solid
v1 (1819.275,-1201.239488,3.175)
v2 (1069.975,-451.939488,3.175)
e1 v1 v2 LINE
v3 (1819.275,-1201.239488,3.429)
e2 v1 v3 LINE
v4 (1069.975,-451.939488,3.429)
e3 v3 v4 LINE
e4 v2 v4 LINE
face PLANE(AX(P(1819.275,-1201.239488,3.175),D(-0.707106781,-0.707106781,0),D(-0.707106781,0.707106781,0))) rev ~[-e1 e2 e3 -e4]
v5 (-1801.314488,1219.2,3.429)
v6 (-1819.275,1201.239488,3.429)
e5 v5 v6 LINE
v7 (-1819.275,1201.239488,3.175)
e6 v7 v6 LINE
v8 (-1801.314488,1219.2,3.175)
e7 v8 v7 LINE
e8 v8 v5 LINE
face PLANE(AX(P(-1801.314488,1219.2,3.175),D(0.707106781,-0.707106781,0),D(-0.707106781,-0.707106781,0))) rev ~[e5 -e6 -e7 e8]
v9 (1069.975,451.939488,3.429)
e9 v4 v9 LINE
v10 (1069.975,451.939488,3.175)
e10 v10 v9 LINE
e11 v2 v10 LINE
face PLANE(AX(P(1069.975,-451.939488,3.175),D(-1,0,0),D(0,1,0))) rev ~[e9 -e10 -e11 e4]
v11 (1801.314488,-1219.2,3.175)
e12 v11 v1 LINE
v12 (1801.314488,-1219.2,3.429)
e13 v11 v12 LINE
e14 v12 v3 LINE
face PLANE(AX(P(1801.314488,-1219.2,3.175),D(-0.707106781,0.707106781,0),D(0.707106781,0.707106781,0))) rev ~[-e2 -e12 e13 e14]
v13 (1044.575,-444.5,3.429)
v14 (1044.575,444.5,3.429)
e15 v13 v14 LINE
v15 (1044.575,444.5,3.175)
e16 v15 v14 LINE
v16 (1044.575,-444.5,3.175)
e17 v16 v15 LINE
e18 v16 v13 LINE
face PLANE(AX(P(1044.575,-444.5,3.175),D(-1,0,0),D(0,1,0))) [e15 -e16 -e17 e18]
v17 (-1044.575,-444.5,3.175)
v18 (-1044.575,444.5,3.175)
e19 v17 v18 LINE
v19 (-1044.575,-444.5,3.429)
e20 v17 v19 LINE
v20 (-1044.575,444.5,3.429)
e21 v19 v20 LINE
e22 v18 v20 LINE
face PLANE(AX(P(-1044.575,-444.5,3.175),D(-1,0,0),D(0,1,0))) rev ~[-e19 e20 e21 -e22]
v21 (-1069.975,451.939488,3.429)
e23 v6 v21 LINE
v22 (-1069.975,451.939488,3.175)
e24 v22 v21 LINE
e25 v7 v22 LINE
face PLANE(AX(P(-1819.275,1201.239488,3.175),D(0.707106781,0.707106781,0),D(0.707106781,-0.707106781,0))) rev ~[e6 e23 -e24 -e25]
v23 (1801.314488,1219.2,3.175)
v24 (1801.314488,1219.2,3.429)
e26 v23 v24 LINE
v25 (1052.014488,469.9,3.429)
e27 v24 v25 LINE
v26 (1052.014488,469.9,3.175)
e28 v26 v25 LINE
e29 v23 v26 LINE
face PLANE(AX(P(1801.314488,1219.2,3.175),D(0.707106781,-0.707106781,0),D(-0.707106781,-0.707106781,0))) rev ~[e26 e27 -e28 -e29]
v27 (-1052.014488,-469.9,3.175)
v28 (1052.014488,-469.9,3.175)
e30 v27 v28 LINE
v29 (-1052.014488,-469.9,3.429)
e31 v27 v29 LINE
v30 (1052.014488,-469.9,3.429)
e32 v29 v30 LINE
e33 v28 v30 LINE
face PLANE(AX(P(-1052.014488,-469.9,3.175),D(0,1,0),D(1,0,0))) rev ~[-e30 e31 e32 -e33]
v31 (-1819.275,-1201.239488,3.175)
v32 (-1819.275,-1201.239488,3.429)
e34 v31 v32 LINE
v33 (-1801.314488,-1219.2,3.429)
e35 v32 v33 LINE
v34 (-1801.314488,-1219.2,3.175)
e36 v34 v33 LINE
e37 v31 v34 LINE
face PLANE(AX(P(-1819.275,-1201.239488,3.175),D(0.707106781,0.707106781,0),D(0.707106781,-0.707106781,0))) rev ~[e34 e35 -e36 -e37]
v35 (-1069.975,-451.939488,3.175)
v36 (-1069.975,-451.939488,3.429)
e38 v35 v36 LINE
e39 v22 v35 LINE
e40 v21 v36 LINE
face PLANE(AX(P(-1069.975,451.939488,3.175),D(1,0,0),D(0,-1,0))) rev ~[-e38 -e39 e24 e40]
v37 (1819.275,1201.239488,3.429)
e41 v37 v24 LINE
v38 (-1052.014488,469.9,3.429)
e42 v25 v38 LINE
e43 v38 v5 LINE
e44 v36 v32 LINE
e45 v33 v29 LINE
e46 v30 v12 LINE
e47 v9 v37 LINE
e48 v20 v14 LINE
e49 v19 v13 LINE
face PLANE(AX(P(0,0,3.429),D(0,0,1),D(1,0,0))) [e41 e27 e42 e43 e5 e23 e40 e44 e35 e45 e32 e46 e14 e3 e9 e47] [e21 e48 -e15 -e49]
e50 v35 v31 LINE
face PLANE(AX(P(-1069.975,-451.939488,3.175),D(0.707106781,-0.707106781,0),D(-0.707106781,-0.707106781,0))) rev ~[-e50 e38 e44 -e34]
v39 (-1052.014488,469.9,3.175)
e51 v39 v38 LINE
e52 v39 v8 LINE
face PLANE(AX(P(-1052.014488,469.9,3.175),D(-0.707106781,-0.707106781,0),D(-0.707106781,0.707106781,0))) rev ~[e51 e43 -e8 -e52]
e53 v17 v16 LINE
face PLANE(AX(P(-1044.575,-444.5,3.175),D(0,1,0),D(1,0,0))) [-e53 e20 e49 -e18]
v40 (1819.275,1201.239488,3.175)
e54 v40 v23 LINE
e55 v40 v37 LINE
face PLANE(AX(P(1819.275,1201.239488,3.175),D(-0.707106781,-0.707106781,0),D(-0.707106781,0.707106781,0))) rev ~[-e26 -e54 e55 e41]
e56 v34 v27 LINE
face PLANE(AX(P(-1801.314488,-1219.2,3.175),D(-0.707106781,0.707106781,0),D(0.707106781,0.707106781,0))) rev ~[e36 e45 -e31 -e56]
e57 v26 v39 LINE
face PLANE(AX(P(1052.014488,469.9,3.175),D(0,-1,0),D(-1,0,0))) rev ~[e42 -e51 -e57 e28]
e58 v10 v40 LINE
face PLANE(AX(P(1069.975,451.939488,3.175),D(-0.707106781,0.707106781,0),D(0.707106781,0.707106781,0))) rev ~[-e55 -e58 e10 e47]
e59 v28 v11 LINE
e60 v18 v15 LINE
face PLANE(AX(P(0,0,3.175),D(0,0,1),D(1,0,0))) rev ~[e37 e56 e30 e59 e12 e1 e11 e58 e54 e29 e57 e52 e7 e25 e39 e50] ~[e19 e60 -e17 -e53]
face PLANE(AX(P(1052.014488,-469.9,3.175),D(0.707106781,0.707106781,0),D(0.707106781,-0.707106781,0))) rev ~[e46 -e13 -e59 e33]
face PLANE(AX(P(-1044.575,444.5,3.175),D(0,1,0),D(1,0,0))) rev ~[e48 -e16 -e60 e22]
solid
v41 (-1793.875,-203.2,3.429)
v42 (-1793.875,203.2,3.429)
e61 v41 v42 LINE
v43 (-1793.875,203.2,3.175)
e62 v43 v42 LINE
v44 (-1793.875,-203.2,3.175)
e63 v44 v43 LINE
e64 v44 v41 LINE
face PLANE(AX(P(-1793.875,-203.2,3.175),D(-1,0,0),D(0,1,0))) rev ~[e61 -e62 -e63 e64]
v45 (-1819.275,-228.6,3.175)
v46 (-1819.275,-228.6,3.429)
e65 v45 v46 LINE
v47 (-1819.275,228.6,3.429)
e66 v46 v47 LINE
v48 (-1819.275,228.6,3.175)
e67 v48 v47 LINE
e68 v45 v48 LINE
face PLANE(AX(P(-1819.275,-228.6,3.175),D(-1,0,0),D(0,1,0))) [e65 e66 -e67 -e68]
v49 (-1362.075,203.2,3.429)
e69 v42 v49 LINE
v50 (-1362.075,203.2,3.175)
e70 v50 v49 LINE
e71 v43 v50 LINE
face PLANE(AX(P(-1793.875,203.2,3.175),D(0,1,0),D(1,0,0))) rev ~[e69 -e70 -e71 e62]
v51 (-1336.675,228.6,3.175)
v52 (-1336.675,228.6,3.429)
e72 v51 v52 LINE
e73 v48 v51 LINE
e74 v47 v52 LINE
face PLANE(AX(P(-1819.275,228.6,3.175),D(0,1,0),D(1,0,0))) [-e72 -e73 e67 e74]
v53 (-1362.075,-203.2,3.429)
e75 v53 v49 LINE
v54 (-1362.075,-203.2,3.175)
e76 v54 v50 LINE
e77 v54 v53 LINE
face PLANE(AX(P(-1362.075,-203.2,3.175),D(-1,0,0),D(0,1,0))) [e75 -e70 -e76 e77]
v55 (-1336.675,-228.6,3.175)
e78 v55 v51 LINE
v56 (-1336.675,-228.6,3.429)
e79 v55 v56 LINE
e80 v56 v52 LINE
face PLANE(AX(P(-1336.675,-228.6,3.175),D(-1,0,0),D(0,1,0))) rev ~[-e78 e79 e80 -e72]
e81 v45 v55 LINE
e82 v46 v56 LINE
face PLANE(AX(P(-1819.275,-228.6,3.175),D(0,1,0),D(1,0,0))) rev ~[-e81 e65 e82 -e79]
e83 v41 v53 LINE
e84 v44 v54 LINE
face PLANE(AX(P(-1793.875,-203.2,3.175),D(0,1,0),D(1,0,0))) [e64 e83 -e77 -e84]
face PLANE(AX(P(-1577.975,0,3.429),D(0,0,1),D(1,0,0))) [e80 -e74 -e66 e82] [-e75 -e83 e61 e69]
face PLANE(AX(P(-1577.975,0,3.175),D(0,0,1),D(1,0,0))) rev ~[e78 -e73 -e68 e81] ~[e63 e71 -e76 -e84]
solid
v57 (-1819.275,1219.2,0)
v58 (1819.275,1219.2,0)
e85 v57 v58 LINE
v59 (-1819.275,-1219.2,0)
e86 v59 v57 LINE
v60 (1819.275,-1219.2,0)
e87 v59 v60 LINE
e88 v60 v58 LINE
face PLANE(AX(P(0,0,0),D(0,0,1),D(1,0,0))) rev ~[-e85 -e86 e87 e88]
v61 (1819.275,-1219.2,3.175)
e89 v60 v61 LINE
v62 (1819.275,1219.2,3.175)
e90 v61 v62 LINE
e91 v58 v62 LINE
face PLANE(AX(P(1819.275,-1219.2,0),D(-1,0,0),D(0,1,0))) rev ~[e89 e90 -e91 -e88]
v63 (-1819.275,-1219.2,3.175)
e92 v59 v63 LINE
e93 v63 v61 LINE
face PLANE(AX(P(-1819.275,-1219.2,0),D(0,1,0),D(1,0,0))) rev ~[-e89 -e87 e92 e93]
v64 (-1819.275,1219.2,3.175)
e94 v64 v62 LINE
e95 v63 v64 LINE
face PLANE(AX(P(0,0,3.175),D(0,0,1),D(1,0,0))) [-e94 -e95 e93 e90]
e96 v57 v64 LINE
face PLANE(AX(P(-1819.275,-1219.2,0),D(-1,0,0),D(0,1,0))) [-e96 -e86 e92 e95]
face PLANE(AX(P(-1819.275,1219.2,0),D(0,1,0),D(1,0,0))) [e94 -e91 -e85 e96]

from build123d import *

# Parameters (mm, degrees)
F0_W     = 3638.55
F0_H     = 2438.4
F1_DEPTH = 3.175
F2_W     = 482.6
F2_H     = 457.2
F2_W_2   = 431.8
F2_H_2   = 406.4
F3_DEPTH = 0.254
F4_W     = 2089.15
F4_H     = 889
F5_DEPTH = 0.254


with BuildPart() as f1:
    # F0 (on Top) → F1 (new body)
    with BuildSketch(Plane.XY):
        Rectangle(F0_W, F0_H)
    extrude(amount=F1_DEPTH)


with BuildPart() as f3:
    # F2 (on face) → F3 (new body)
    with BuildSketch(Plane.XY.offset(3.175)):
        with Locations((-1577.975, 0)):
            Rectangle(F2_W, F2_H)
        with Locations((-1577.975, 0)):
            Rectangle(F2_W_2, F2_H_2, mode=Mode.SUBTRACT)
    extrude(amount=F3_DEPTH)


with BuildPart() as f5:
    # F4 (on face) → F5 (new body)
    with BuildSketch(Plane.XY.offset(3.175)):
        Polygon((-1819.275, 1201.239488), (-1069.975, 451.939488), (-1069.975, -451.939488), (-1819.275, -1201.239488), (-1801.314488, -1219.2), (-1052.014488, -469.9), (1052.014488, -469.9), (1801.314488, -1219.2), (1819.275, -1201.239488), (1069.975, -451.939488), (1069.975, 451.939488), (1819.275, 1201.239488), (1801.314488, 1219.2), (1052.014488, 469.9), (-1052.014488, 469.9), (-1801.314488, 1219.2), align=None)
        Rectangle(F4_W, F4_H, mode=Mode.SUBTRACT)
    extrude(amount=F5_DEPTH)


solid = Compound([f1.part, f3.part, f5.part])
